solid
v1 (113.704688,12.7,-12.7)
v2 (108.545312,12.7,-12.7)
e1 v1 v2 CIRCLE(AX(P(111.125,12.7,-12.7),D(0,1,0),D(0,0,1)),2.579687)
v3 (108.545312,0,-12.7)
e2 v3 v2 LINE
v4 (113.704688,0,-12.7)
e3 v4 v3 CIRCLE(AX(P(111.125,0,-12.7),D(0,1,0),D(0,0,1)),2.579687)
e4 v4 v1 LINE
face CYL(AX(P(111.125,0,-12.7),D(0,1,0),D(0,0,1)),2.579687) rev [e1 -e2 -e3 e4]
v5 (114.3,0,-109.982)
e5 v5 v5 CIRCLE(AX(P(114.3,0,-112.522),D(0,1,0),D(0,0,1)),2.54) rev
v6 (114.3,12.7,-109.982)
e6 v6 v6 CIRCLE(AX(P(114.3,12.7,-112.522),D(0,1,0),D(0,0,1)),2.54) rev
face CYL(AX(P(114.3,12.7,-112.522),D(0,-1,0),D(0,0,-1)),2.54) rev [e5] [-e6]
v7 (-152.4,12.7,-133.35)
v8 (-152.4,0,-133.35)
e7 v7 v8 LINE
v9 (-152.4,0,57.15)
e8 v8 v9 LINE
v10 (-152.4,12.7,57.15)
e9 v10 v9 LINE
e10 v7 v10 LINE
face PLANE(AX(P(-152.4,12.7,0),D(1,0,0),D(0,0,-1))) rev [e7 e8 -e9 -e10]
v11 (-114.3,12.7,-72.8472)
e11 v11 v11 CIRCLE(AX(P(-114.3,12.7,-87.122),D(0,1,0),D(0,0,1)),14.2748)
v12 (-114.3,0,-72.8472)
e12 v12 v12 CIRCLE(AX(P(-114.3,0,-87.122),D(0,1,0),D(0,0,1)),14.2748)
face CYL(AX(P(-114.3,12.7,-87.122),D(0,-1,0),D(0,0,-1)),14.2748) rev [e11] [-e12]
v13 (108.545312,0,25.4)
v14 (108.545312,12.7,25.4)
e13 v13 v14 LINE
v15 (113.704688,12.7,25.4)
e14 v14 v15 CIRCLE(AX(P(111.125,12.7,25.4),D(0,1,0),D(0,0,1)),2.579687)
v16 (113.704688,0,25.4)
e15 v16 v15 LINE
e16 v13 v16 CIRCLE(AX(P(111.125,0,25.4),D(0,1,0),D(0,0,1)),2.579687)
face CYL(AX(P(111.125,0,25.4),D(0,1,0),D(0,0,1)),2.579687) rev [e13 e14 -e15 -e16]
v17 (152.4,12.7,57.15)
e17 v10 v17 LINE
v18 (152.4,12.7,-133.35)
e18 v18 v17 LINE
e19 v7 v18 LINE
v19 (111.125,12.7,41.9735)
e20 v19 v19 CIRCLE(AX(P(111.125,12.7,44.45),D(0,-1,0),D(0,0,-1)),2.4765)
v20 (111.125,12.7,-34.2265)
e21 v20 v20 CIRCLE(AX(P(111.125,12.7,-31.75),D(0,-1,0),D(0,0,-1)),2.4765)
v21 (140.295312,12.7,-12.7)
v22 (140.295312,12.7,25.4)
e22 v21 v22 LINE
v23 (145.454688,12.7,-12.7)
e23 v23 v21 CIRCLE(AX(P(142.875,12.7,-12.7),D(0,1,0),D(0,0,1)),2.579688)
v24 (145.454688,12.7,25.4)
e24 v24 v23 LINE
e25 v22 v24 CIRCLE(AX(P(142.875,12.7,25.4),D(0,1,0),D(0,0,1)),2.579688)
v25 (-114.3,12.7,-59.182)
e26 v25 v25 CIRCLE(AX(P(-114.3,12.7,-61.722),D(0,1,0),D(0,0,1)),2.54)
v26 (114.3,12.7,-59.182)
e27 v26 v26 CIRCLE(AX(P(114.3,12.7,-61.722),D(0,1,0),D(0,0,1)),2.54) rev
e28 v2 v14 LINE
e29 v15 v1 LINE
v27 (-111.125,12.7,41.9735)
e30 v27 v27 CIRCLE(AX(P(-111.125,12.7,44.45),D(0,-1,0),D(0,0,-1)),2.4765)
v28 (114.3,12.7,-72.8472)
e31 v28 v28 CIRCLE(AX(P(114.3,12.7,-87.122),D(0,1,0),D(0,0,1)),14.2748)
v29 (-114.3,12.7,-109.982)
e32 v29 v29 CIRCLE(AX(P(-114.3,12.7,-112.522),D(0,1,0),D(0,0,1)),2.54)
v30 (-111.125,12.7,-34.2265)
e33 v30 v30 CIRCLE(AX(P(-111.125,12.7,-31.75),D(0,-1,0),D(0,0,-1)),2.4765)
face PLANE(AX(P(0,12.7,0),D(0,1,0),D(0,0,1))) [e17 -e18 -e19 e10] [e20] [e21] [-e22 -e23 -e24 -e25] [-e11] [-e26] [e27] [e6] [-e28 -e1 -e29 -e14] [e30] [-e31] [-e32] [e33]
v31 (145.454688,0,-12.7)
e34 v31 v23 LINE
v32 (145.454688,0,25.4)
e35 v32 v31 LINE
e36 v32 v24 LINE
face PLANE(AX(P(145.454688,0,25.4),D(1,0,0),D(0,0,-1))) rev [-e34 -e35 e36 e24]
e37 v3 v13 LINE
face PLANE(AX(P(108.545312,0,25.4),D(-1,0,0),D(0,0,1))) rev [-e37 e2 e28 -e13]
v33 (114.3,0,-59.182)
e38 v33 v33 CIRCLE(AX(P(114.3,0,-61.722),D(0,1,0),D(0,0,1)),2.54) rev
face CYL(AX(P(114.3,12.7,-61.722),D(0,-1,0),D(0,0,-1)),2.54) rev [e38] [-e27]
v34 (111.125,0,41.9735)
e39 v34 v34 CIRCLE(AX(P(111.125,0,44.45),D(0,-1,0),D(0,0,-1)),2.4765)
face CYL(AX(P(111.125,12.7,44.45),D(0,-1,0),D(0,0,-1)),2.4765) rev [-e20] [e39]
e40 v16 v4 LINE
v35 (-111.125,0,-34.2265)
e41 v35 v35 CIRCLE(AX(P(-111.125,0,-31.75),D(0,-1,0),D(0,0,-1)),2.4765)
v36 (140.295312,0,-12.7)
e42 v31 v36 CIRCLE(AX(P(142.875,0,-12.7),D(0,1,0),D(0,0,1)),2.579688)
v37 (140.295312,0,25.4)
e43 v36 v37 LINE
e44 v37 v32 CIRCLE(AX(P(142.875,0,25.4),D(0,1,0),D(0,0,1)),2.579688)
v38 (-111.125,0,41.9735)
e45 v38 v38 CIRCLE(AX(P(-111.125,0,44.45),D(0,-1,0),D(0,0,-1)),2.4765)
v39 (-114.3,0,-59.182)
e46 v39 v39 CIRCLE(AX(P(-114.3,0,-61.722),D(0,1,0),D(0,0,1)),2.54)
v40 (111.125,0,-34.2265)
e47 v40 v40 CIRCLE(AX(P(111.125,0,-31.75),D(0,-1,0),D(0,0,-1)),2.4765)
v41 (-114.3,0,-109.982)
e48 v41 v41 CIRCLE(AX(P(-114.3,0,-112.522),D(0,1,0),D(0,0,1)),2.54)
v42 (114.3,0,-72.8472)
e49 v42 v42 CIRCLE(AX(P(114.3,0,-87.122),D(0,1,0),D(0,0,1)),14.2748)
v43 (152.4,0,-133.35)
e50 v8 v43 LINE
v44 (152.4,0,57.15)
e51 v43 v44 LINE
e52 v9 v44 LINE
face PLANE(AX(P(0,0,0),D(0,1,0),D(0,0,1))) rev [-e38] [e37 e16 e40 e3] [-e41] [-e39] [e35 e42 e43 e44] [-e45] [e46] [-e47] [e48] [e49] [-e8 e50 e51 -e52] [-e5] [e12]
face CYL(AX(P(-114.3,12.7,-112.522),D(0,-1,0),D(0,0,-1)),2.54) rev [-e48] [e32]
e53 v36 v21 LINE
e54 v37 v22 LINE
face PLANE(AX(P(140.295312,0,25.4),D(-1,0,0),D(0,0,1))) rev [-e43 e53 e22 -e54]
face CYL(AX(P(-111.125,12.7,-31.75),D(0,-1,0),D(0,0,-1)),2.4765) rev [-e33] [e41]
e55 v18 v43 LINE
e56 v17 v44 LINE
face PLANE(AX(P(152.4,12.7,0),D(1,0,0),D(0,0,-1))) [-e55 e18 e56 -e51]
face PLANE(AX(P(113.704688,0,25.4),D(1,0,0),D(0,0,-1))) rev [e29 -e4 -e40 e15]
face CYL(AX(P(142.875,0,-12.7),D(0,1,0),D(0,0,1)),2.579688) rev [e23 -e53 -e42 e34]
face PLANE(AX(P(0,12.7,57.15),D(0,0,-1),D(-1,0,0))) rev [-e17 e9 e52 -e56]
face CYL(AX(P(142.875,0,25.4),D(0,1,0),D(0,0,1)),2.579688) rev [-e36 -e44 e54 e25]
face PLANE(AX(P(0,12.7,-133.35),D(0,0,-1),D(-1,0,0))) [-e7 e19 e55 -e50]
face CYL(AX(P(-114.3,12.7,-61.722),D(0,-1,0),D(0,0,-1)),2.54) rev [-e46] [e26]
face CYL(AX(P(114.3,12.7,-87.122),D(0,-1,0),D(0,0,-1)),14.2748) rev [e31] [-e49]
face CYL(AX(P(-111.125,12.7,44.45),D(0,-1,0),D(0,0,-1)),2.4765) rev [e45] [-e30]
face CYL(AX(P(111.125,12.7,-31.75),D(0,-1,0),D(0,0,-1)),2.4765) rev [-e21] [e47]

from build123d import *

# Parameters (mm, degrees)
SKETCH1_R           = 2.54
SKETCH1_R_2         = 14.2748
BOSS_EXTRUDE1_DEPTH = 12.7
CUT_EXTRUDE2_DEPTH  = 13.7
SKETCH3_R           = 2.4765
CUT_EXTRUDE3_DEPTH  = 13.7


with BuildPart() as part:
    # Sketch1 → Boss-Extrude1 (new body)
    with BuildSketch(Plane(origin=(0, 0, 0), x_dir=(1, 0, 0), z_dir=(0, 1, 0))):
        Polygon((152.4, 133.35), (-152.4, 133.35), (-152.4, -57.15), (-88.9, -57.15), (88.9, -57.15), (152.4, -57.15), align=None)
        with Locations((-114.3, 61.722)):
            Circle(SKETCH1_R, mode=Mode.SUBTRACT)
        with Locations((-114.3, 87.122)):
            Circle(SKETCH1_R_2, mode=Mode.SUBTRACT)
        with Locations((-114.3, 112.522)):
            Circle(SKETCH1_R, mode=Mode.SUBTRACT)
        with Locations((114.3, 61.722)):
            Circle(SKETCH1_R, mode=Mode.SUBTRACT)
        with Locations((114.3, 87.122)):
            Circle(SKETCH1_R_2, mode=Mode.SUBTRACT)
        with Locations((114.3, 112.522)):
            Circle(SKETCH1_R, mode=Mode.SUBTRACT)
    extrude(amount=BOSS_EXTRUDE1_DEPTH)

    # Sketch2 → Cut-Extrude2 (cut, through all)
    with BuildSketch(Plane(origin=(0, 12.7, 0), x_dir=(1, 0, 0), z_dir=(0, 1, 0))):
        with BuildLine():
            Line((108.5453125, -25.4), (108.5453125, 12.7))
            ThreePointArc((108.5453125, 12.7), (111.125, 15.2796875), (113.7046875, 12.7))
            Line((113.7046875, 12.7), (113.7046875, -25.4))
            ThreePointArc((113.7046875, -25.4), (111.125, -27.9796875), (108.5453125, -25.4))
        make_face()
        with BuildLine():
            Line((140.2953125, -25.4), (140.2953125, 12.7))
            ThreePointArc((140.2953125, 12.7), (142.875, 15.2796875), (145.4546875, 12.7))
            Line((145.4546875, 12.7), (145.4546875, -25.4))
            ThreePointArc((145.4546875, -25.4), (142.875, -27.9796875), (140.2953125, -25.4))
        make_face()
    extrude(amount=-CUT_EXTRUDE2_DEPTH, mode=Mode.SUBTRACT)

    # Sketch3 → Cut-Extrude3 (cut, through all)
    with BuildSketch(Plane(origin=(0, 0, 0), x_dir=(-1, 0, 0), z_dir=(0, -1, 0))):
        with Locations((-111.125, -44.45)):
            Circle(SKETCH3_R)
        with Locations((-111.125, 31.75)):
            Circle(SKETCH3_R)
        with Locations((111.125, 31.75)):
            Circle(SKETCH3_R)
        with Locations((111.125, -44.45)):
            Circle(SKETCH3_R)
    extrude(amount=-CUT_EXTRUDE3_DEPTH, mode=Mode.SUBTRACT)


solid = part.part
